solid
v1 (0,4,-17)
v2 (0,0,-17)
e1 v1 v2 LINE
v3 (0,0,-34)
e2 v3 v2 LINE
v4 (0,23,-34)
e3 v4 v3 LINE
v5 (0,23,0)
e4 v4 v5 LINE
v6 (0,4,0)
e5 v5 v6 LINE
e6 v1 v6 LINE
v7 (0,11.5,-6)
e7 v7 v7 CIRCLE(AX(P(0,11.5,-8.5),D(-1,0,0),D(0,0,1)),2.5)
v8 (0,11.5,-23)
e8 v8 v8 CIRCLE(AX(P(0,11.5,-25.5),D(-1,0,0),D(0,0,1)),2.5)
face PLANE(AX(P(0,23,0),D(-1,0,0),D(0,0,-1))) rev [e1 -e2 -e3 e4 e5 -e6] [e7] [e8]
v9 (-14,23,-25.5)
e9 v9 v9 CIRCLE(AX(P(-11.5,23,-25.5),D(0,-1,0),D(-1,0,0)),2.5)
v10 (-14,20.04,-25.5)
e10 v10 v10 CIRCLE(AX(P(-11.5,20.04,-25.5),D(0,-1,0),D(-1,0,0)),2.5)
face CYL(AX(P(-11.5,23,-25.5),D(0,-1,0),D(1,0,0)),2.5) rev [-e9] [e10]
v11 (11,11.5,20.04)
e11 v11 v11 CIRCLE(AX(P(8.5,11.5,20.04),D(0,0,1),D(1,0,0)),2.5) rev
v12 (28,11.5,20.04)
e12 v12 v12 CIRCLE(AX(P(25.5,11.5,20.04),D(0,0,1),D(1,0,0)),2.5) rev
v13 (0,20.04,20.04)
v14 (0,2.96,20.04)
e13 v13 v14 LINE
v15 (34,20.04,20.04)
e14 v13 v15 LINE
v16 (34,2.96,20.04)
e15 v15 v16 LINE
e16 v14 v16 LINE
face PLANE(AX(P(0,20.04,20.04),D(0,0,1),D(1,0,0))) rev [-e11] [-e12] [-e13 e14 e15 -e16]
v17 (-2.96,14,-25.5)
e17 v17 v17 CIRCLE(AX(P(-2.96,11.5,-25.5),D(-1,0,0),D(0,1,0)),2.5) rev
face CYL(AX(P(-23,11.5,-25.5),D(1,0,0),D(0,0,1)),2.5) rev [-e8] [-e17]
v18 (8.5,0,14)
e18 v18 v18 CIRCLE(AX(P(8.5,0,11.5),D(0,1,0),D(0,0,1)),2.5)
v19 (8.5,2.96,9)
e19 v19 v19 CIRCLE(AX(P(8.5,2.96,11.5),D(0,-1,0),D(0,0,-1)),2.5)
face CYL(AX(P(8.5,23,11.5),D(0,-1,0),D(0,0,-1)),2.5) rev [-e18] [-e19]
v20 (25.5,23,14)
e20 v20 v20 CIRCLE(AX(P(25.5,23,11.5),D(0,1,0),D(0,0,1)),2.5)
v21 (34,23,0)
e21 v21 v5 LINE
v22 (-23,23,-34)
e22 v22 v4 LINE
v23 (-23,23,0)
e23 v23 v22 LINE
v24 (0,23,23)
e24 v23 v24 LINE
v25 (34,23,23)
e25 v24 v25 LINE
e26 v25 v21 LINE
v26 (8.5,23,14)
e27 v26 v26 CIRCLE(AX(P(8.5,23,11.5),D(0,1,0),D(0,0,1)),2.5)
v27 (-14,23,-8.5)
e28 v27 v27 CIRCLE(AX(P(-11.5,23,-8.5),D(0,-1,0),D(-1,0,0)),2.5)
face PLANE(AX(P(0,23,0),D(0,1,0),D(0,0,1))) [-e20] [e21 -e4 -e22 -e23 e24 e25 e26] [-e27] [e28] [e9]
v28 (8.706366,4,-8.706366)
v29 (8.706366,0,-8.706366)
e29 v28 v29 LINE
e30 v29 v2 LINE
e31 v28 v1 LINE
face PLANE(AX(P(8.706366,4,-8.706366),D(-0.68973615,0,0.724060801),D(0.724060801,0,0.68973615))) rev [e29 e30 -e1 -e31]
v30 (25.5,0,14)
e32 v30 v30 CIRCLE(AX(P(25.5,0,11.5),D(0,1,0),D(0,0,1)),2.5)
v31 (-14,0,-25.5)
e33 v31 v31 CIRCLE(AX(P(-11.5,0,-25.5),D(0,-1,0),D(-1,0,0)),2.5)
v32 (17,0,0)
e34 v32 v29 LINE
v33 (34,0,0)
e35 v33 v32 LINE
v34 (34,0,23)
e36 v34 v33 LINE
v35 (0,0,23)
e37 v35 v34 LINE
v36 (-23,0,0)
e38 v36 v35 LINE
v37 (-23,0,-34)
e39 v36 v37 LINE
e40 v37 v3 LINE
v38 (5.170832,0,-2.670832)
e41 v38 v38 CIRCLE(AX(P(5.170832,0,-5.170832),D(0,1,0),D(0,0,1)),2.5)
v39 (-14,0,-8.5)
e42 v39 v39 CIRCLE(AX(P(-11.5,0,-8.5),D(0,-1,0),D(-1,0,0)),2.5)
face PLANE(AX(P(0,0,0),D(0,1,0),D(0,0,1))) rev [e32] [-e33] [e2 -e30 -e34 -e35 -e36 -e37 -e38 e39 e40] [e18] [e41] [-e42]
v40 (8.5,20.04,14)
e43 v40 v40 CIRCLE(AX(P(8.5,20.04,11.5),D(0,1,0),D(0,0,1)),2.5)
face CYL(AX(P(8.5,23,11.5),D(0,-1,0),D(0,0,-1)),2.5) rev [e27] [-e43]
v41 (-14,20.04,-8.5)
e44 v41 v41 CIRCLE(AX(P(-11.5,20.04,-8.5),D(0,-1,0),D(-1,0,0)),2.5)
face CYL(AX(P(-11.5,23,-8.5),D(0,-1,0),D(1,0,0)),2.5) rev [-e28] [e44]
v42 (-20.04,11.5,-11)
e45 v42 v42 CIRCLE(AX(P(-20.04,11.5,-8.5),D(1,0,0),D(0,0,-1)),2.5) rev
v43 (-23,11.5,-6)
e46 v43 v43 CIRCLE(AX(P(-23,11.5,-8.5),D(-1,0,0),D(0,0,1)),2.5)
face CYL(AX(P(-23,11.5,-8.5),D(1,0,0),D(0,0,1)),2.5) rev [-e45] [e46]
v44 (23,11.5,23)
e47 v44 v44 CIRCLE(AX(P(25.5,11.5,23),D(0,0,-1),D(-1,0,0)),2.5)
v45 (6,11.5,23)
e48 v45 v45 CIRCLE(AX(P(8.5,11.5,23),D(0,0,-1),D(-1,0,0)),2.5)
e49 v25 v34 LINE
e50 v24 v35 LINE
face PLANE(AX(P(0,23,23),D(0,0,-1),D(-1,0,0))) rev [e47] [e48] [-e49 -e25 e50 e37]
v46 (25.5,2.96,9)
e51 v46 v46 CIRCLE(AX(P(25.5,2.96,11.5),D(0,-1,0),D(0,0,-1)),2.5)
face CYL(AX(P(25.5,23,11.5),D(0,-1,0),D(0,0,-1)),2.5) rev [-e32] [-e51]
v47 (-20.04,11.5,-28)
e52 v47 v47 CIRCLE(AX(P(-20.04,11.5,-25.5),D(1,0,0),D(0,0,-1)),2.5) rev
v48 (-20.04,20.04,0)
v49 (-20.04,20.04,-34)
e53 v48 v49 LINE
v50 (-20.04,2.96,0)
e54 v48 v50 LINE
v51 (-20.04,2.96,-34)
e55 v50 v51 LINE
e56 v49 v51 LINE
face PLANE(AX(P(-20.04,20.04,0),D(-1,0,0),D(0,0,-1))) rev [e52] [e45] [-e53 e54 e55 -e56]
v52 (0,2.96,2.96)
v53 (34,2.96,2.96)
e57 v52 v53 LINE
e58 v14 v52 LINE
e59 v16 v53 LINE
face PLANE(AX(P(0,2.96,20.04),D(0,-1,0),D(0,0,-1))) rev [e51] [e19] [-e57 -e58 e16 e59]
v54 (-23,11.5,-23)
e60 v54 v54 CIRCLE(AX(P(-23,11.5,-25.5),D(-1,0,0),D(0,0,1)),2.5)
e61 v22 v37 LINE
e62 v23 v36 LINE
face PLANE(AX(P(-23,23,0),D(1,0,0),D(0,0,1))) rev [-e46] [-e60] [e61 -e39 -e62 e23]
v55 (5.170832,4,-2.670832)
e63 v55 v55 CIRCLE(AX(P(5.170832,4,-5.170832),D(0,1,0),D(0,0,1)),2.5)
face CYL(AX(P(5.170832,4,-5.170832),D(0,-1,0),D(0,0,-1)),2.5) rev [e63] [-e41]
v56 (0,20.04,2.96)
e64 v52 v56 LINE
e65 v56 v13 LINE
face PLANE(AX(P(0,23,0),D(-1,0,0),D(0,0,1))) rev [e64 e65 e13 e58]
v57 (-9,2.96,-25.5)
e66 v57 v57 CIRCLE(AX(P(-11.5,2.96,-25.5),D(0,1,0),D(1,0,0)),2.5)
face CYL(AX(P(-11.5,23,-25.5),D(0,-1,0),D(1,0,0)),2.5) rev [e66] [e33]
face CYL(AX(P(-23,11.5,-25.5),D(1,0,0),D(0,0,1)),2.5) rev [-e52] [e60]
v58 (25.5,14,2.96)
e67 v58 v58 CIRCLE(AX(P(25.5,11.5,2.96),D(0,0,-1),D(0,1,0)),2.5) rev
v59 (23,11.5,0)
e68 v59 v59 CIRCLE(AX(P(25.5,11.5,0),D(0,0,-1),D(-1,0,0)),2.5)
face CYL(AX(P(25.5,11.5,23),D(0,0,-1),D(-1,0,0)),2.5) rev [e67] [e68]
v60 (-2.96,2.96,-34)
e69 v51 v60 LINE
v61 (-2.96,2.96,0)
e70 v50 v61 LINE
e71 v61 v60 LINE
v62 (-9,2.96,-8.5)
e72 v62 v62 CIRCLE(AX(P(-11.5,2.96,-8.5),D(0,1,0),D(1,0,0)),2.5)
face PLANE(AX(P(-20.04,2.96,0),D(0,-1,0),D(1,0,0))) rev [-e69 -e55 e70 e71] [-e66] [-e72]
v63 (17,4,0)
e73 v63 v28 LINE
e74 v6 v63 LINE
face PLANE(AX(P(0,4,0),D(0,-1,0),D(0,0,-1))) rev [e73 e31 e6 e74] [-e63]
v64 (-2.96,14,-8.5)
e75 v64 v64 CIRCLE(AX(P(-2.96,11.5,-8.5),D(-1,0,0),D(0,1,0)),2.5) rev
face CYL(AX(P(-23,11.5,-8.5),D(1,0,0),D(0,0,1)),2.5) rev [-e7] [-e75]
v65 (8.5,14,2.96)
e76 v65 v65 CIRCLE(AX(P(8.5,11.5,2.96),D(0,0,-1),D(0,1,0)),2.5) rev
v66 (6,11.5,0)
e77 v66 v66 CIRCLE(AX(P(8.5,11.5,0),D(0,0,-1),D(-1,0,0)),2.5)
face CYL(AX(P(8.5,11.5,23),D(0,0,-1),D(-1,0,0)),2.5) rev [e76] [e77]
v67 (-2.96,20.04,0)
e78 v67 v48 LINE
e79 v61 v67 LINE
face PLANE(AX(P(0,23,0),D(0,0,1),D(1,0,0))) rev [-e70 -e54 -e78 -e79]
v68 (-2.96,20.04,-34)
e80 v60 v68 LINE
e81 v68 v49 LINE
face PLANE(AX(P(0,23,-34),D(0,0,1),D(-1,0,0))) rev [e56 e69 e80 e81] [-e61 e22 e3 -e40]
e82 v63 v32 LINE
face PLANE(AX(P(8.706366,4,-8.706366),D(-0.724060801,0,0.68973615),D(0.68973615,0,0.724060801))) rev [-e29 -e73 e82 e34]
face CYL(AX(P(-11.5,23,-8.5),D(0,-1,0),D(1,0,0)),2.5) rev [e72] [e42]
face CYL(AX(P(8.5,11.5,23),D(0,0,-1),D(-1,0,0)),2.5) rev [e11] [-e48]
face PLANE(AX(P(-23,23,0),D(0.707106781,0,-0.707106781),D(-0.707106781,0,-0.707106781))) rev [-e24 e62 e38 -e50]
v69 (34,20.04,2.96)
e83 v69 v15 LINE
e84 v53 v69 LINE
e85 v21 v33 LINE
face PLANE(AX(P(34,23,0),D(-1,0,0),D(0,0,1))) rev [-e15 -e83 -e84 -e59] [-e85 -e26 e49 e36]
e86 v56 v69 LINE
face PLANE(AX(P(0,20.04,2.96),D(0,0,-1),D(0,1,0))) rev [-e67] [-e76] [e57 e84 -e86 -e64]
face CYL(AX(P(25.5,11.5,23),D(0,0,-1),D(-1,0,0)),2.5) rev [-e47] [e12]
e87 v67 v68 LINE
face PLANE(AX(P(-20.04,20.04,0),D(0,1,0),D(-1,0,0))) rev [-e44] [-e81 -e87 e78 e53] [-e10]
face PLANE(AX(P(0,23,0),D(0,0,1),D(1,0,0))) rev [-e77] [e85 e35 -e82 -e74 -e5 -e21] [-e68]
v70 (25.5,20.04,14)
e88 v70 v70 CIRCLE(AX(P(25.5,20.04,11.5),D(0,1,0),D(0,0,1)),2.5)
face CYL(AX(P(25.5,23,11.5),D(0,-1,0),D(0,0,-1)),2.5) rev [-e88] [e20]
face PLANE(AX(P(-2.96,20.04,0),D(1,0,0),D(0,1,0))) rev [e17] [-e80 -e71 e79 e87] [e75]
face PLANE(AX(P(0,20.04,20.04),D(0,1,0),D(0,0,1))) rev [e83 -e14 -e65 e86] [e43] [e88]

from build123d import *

# Parameters (mm, degrees)
SKETCH1_W           = 34
SKETCH1_H           = 23
SKETCH1_R           = 2.5
BOSS_EXTRUDE1_DEPTH = 23
SKETCH6_OUTSIDE_W   = 45.41
SKETCH6_OUTSIDE_H   = 34.41
SKETCH6_OUTSIDE_W_2 = 34
SKETCH6_OUTSIDE_H_2 = 23
SKETCH6_OUTSIDE_R   = 2.5
CUT_EXTRUDE10_DEPTH = 24
SKETCH7_OUTSIDE_W   = 34.41
SKETCH7_OUTSIDE_H   = 34.41
SKETCH7_OUTSIDE_W_2 = 23
SKETCH7_OUTSIDE_H_2 = 23
SKETCH7_OUTSIDE_W_3 = 17.08
SKETCH7_OUTSIDE_H_3 = 17.08
CUT_EXTRUDE11_DEPTH = 34
BOSS_EXTRUDE2_DEPTH = 23
SKETCH13_R          = 2.5
BOSS_EXTRUDE3_DEPTH = 4


with BuildPart() as part:
    # sketch1 → Boss-Extrude1 (new body)
    with BuildSketch(Plane(origin=(0, 0, 0), x_dir=(1, 0, 0), z_dir=(0, 1, 0))):
        with Locations((17, -11.5)):
            Rectangle(SKETCH1_W, SKETCH1_H)
        with Locations((8.5, -11.5)):
            Circle(SKETCH1_R, mode=Mode.SUBTRACT)
        with Locations((25.5, -11.5)):
            Circle(SKETCH1_R, mode=Mode.SUBTRACT)
    extrude(amount=BOSS_EXTRUDE1_DEPTH)

    # Sketch6 outside → Cut-Extrude10 (cut, through all)
    with BuildSketch(Plane(origin=(0, 0, 0), x_dir=(-1, 0, 0), z_dir=(0, 0, -1))):
        with Locations((-17, 11.5)):
            Rectangle(SKETCH6_OUTSIDE_W, SKETCH6_OUTSIDE_H)
        with Locations((-17, 11.5)):
            Rectangle(SKETCH6_OUTSIDE_W_2, SKETCH6_OUTSIDE_H_2, mode=Mode.SUBTRACT)
        with Locations((-25.5, 11.5)):
            Circle(SKETCH6_OUTSIDE_R)
        with Locations((-8.5, 11.5)):
            Circle(SKETCH6_OUTSIDE_R)
    extrude(amount=-CUT_EXTRUDE10_DEPTH, mode=Mode.SUBTRACT)

    # Sketch7 outside → Cut-Extrude11 (cut)
    with BuildSketch(Plane(origin=(34, 0, 0), x_dir=(0, 0, -1), z_dir=(1, 0, 0))):
        with Locations((-11.5, 11.5)):
            Rectangle(SKETCH7_OUTSIDE_W, SKETCH7_OUTSIDE_H)
        with Locations((-11.5, 11.5)):
            Rectangle(SKETCH7_OUTSIDE_W_2, SKETCH7_OUTSIDE_H_2, mode=Mode.SUBTRACT)
        with Locations((-11.5, 11.5)):
            Rectangle(SKETCH7_OUTSIDE_W_3, SKETCH7_OUTSIDE_H_3)
    extrude(amount=-CUT_EXTRUDE11_DEPTH, mode=Mode.SUBTRACT)


with BuildPart() as body_2:
    # Mirror6: mirrored copy
    add(part.part.mirror(Plane(origin=(0, 0, 0), x_dir=(-0.707106781, 0, 0.707106781), z_dir=(-0.707106781, 0, -0.707106781))))


with BuildPart() as part_1:
    add(part.part)

    add(body_2.part)  # Boss-Extrude2 merges body 2
    # Sketch11 → Boss-Extrude2 (add)
    with BuildSketch(Plane(origin=(0, 0, 0), x_dir=(1, 0, 0), z_dir=(0, 1, 0))):
        Polygon((-23, 0), (0, -23), (0, 0), align=None)
    extrude(amount=BOSS_EXTRUDE2_DEPTH)

    # Sketch13 → Boss-Extrude3 (add)
    with BuildSketch(Plane(origin=(0, 0, 0), x_dir=(1, 0, 0), z_dir=(0, 1, 0))):
        Polygon((8.706365938, 8.706365938), (0, 17), (0, 0), (17, 0), align=None)
        with Locations((5.170832032, 5.170832032)):
            Circle(SKETCH13_R, mode=Mode.SUBTRACT)
    extrude(amount=BOSS_EXTRUDE3_DEPTH)


solid = part_1.part
